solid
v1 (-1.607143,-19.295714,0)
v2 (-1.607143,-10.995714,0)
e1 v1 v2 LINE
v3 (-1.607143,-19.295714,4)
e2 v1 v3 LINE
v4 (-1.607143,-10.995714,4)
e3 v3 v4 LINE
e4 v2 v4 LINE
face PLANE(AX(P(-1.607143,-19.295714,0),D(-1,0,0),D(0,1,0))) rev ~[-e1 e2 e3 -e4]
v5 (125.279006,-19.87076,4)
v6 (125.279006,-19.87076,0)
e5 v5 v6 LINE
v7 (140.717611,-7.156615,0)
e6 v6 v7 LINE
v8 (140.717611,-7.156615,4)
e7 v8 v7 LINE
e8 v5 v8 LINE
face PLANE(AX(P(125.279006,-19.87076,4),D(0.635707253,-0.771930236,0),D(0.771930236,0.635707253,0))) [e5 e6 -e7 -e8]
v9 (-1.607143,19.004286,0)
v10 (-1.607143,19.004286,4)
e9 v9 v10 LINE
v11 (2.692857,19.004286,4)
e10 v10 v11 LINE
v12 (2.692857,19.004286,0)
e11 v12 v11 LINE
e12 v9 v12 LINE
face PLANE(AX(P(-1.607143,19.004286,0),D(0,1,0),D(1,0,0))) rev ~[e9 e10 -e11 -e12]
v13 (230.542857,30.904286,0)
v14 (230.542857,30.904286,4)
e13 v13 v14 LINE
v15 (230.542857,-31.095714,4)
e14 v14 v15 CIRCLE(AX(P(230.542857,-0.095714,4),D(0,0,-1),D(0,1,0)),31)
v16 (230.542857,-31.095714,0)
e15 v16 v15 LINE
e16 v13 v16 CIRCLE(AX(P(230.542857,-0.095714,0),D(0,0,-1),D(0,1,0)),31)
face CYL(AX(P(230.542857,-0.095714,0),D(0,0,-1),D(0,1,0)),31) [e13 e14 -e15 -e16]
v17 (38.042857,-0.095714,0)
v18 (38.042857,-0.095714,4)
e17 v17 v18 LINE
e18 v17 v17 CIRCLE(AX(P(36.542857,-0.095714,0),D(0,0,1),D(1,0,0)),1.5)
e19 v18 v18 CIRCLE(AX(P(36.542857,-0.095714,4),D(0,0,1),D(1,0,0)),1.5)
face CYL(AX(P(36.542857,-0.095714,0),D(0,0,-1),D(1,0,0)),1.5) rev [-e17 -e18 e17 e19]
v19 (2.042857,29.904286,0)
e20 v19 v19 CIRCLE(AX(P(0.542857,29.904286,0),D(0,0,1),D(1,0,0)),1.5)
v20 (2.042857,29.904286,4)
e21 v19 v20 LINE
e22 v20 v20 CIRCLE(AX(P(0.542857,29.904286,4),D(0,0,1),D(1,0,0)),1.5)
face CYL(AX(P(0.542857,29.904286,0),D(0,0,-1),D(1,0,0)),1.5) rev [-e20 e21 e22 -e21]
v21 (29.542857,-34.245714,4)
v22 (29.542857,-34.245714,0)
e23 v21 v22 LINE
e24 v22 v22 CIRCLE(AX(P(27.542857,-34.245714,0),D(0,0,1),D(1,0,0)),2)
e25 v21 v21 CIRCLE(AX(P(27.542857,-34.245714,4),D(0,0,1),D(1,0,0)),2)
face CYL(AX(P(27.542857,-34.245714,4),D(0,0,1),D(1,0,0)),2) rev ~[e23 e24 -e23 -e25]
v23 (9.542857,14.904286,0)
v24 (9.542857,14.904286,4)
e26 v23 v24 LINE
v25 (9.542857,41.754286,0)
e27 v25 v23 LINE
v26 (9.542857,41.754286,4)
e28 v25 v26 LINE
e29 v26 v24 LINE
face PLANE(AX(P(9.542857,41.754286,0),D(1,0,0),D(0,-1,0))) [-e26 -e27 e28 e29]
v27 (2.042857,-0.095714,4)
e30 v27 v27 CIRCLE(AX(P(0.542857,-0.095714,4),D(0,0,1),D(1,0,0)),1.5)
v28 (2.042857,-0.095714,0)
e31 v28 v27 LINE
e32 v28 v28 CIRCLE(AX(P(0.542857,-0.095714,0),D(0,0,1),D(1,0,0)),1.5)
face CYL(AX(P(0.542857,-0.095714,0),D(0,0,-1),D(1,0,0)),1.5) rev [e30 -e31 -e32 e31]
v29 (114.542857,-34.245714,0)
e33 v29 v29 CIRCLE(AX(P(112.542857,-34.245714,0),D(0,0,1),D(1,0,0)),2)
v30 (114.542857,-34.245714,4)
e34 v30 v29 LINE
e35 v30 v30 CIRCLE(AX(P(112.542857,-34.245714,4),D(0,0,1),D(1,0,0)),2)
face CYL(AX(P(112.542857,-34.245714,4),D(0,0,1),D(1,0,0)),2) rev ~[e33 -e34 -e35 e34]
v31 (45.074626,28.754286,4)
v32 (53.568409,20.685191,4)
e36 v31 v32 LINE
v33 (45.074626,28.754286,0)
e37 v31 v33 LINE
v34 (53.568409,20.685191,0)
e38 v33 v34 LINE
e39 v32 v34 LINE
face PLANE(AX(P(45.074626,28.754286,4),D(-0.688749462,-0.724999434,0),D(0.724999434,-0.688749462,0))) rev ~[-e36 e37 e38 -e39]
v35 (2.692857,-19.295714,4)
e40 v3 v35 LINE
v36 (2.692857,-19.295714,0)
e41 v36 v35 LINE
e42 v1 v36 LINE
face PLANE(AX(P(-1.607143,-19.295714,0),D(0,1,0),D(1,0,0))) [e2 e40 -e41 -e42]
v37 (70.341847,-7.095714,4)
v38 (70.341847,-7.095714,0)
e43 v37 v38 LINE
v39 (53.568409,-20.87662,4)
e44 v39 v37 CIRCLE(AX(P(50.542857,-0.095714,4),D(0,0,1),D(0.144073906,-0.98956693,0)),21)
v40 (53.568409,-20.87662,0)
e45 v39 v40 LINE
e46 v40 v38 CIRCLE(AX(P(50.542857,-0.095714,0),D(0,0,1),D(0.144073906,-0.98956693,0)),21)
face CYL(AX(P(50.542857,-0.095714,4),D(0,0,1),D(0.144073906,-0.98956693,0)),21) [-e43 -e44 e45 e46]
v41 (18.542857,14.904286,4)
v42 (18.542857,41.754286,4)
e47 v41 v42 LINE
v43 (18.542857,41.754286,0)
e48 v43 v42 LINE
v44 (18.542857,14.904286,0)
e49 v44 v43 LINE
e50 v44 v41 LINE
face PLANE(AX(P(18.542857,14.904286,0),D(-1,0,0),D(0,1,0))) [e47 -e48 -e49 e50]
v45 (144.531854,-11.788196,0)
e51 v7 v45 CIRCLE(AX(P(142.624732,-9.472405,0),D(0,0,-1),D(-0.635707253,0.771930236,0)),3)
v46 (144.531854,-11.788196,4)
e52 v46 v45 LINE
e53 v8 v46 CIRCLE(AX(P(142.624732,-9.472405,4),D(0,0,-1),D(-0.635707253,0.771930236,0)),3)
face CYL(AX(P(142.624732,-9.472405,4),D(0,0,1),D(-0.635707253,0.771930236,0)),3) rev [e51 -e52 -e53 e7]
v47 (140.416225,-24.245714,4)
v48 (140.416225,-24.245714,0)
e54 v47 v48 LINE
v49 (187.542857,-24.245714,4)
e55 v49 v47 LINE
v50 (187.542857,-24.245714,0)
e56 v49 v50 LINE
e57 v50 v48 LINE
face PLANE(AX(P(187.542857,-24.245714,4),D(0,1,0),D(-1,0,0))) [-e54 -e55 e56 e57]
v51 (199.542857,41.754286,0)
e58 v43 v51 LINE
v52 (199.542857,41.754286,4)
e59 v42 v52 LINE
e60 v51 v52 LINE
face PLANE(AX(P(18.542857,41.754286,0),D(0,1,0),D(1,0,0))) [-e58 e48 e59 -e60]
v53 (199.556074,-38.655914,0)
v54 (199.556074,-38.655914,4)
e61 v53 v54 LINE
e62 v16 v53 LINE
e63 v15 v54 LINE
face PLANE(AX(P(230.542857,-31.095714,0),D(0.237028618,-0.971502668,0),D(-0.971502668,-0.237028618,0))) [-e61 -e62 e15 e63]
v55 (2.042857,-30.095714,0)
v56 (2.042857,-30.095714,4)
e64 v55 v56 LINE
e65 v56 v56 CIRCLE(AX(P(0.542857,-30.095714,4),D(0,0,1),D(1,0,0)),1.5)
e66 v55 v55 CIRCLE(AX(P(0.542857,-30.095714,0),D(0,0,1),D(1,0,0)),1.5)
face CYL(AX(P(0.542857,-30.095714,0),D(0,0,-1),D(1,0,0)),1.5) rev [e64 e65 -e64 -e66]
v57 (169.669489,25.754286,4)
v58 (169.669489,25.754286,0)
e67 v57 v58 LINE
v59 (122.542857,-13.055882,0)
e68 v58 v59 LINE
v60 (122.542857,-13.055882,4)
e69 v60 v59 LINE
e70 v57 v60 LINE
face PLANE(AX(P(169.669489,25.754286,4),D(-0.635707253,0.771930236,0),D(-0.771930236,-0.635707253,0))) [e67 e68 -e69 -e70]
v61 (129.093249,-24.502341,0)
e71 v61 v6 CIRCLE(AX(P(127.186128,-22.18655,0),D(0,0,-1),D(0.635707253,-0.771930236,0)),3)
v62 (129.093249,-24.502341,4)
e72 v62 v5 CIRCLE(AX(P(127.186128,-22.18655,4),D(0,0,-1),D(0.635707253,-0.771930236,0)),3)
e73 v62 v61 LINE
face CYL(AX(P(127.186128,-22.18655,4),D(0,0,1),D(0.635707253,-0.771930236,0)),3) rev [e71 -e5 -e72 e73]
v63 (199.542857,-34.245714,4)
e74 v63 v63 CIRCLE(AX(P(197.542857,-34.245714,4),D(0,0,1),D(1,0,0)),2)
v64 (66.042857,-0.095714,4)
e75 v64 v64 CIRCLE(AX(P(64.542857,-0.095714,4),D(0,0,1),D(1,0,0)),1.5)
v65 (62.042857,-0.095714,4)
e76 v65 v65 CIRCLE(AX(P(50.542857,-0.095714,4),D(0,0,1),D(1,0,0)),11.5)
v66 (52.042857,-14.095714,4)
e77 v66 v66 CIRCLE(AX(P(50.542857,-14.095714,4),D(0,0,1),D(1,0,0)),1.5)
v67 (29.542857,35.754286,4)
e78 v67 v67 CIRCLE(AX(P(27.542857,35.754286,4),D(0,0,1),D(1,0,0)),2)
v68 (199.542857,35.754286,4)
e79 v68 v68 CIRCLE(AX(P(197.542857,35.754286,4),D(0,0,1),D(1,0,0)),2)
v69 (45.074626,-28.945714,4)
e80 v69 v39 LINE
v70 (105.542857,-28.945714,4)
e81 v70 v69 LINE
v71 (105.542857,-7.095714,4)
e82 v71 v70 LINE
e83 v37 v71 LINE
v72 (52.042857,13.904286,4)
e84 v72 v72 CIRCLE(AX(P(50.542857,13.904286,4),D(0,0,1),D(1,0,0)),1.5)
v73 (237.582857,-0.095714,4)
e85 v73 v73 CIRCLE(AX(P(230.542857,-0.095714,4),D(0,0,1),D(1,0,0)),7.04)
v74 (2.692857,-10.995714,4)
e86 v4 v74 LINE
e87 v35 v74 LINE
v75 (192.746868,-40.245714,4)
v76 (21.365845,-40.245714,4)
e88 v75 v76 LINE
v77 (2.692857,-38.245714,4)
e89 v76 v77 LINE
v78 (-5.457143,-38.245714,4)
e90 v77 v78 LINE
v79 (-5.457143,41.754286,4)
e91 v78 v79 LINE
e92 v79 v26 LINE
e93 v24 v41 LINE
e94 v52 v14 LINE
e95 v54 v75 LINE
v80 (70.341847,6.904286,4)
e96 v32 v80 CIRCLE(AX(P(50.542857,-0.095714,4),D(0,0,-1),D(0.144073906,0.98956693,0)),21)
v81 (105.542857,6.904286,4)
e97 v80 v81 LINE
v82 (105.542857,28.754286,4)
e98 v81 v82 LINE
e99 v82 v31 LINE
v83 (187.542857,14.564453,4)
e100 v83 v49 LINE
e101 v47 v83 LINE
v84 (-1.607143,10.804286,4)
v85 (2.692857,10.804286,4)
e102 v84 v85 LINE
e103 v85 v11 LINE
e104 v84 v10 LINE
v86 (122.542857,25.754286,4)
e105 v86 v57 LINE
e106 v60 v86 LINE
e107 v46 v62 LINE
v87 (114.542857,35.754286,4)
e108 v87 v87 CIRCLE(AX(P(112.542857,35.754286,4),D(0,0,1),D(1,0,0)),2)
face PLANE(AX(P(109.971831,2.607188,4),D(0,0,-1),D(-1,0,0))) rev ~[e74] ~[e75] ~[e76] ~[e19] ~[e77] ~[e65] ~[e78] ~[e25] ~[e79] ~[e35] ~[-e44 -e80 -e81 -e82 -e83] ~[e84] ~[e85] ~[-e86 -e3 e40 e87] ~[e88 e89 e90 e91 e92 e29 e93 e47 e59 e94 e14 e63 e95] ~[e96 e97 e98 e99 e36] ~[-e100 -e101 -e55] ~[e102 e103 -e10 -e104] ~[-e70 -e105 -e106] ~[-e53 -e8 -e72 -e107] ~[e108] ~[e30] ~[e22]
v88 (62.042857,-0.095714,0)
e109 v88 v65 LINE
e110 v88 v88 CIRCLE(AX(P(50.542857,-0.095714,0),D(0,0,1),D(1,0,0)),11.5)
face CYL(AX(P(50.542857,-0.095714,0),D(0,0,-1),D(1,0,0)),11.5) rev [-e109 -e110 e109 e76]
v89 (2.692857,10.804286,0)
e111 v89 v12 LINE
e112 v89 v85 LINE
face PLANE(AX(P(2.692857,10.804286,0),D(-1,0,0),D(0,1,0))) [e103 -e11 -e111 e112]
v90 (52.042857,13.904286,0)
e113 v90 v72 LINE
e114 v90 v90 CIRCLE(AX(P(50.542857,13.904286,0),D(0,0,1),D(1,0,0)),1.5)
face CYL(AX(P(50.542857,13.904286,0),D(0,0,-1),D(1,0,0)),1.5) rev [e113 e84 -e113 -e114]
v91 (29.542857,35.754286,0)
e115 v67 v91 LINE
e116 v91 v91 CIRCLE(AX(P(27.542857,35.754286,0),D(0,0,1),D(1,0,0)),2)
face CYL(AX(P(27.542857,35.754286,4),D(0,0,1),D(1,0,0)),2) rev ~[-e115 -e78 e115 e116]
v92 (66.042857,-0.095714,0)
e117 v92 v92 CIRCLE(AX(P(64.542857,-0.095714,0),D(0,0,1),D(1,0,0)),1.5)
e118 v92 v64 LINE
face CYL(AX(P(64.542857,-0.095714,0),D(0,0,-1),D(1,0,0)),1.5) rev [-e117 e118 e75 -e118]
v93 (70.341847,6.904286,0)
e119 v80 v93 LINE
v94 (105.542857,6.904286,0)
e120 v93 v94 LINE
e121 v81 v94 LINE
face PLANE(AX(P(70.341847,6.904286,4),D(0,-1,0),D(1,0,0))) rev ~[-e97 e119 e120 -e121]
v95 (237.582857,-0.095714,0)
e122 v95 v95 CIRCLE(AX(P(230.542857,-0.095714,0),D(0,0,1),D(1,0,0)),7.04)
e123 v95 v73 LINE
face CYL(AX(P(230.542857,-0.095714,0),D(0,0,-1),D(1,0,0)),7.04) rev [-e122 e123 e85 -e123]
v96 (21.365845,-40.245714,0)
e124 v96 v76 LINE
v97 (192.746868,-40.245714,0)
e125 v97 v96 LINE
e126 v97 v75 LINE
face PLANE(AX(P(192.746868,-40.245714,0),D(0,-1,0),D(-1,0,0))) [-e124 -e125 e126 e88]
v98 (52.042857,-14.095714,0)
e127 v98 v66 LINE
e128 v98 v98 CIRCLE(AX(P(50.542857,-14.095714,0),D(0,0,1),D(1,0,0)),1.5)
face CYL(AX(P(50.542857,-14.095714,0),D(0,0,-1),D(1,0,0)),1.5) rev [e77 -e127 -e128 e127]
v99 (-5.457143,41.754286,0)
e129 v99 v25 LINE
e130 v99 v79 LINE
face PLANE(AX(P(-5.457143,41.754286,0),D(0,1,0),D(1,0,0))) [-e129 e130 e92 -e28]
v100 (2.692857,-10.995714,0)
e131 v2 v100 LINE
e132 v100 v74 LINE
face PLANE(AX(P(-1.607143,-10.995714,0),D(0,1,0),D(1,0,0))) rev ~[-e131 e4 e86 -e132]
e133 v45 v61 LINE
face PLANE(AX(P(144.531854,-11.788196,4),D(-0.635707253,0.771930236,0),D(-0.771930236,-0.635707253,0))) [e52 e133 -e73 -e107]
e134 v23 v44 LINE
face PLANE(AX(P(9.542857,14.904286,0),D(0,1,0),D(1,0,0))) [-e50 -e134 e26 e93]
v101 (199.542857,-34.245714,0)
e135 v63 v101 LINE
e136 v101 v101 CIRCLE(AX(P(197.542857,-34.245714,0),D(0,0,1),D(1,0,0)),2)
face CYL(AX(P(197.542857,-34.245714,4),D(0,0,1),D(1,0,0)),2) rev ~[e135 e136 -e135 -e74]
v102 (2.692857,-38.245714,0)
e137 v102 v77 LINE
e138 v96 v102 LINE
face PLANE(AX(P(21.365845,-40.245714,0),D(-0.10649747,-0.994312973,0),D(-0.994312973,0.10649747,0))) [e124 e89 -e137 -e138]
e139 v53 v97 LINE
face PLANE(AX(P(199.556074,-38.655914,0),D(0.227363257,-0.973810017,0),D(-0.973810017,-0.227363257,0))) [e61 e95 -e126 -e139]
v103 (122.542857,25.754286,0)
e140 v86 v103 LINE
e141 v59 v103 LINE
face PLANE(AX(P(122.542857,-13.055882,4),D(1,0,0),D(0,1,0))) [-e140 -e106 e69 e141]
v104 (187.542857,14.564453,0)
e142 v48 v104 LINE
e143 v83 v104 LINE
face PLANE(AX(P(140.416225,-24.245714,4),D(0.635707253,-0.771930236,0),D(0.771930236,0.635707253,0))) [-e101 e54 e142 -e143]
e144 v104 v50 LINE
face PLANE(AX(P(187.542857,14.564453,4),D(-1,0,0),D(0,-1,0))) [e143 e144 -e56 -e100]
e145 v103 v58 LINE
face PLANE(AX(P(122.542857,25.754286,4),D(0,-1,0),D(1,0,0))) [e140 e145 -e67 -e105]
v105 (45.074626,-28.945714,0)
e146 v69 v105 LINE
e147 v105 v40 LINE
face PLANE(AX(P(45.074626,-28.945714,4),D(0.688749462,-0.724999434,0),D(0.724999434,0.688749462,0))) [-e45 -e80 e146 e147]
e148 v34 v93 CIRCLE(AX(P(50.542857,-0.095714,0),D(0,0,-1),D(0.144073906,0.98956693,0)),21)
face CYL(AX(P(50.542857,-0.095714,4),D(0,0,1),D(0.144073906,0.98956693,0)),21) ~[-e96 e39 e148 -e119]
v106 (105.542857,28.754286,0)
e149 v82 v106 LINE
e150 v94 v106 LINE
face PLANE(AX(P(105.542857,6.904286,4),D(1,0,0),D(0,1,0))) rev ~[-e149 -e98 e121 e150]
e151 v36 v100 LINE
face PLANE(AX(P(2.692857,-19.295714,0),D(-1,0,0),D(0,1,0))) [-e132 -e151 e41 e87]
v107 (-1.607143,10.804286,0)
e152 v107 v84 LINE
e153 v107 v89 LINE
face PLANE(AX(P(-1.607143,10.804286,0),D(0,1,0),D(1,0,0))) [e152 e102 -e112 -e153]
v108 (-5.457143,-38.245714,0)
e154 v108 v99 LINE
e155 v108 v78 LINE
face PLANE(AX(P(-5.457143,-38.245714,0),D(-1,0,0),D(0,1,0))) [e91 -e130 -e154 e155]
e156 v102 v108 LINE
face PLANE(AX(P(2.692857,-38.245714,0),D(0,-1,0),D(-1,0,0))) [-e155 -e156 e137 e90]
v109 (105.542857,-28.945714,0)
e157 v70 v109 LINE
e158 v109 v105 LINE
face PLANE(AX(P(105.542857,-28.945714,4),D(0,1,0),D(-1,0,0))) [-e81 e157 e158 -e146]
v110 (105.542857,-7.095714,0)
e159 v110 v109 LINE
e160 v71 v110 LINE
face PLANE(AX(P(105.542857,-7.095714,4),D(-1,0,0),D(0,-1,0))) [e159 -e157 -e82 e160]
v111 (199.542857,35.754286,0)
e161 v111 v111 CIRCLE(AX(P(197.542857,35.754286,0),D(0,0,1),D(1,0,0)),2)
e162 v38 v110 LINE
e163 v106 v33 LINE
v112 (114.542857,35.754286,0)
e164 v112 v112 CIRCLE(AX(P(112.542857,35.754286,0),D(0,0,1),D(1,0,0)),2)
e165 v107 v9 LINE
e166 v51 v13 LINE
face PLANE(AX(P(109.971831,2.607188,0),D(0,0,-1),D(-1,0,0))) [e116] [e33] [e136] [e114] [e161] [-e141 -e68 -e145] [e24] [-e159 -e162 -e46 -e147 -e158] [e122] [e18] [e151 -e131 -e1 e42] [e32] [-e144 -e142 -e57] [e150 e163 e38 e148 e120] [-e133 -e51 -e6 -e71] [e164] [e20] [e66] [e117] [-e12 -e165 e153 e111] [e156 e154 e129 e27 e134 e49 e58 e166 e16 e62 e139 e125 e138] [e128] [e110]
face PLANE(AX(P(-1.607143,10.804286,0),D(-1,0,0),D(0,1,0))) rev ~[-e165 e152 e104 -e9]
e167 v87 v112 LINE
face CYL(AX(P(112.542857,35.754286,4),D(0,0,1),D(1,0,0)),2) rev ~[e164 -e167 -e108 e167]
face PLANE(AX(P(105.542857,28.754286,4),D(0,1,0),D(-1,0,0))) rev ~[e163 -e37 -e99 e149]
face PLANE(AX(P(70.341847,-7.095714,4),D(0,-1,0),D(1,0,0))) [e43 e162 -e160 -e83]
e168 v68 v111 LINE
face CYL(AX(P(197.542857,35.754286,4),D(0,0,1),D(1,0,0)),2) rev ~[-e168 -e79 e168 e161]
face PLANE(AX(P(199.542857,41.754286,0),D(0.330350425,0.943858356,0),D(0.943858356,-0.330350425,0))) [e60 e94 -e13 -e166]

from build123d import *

# Parameters (mm, degrees)
SKETCH_1_R          = 1.5
SKETCH_1_R_2        = 11.5
SKETCH_1_R_3        = 7.04
SKETCH_1_W          = 4.3
SKETCH_1_H          = 8.2
SKETCH_1_H_2        = 8.3
EXTRUDE_1_DEPTH     = 4
SKETCH_2_R          = 2
CUT_EXTRUDE_1_DEPTH = 4


with BuildPart() as part:
    # 草图1 → 凸台-拉伸1 (new body)
    with BuildSketch(Plane.XY):
        with BuildLine():
            Line((-5.457142857, -0.095714286), (-5.457142857, 41.754285714))
            Line((-5.457142857, 41.754285714), (9.542857143, 41.754285714))
            Line((9.542857143, 41.754285714), (9.542857143, 14.904285714))
            Line((9.542857143, 14.904285714), (18.542857143, 14.904285714))
            Line((18.542857143, 14.904285714), (18.542857143, 41.754285714))
            Line((18.542857143, 41.754285714), (199.542857143, 41.754285714))
            Line((199.542857143, 41.754285714), (230.542857143, 30.904285714))
            ThreePointArc((230.542857143, 30.904285714), (261.542857143, -0.095714286), (230.542857143, -31.095714286))
            Line((230.542857143, -31.095714286), (199.556073527, -38.65591431))
            Line((199.556073527, -38.65591431), (192.746868021, -40.245714286))
            Line((192.746868021, -40.245714286), (21.365844759, -40.245714286))
            Line((21.365844759, -40.245714286), (2.692857143, -38.245714286))
            Line((2.692857143, -38.245714286), (-5.457142857, -38.245714286))
            Line((-5.457142857, -38.245714286), (-5.457142857, -0.095714286))
        make_face()
        with Locations((0.542857143, 29.904285714)):
            Circle(SKETCH_1_R, mode=Mode.SUBTRACT)
        with Locations((0.542857143, -0.095714286)):
            Circle(SKETCH_1_R, mode=Mode.SUBTRACT)
        with Locations((0.542857143, -30.095714286)):
            Circle(SKETCH_1_R, mode=Mode.SUBTRACT)
        with Locations((50.542857143, -0.095714286)):
            Circle(SKETCH_1_R_2, mode=Mode.SUBTRACT)
        with Locations((50.542857143, -14.095714286)):
            Circle(SKETCH_1_R, mode=Mode.SUBTRACT)
        with Locations((36.542857143, -0.095714286)):
            Circle(SKETCH_1_R, mode=Mode.SUBTRACT)
        with Locations((50.542857143, 13.904285714)):
            Circle(SKETCH_1_R, mode=Mode.SUBTRACT)
        with Locations((64.542857143, -0.095714286)):
            Circle(SKETCH_1_R, mode=Mode.SUBTRACT)
        with Locations((230.542857143, -0.095714286)):
            Circle(SKETCH_1_R_3, mode=Mode.SUBTRACT)
        with Locations((0.542857143, 14.904285714)):
            Rectangle(SKETCH_1_W, SKETCH_1_H, mode=Mode.SUBTRACT)
        with Locations((0.542857143, -15.145714286)):
            Rectangle(SKETCH_1_W, SKETCH_1_H_2, mode=Mode.SUBTRACT)
    extrude(amount=EXTRUDE_1_DEPTH)

    # 草图2 → 切除-拉伸1 (cut)
    with BuildSketch(Plane.XY.offset(4)):
        with Locations((27.542857143, 35.754285714)):
            Circle(SKETCH_2_R)
        with Locations((112.542857143, 35.754285714)):
            Circle(SKETCH_2_R)
        with Locations((197.542857143, 35.754285714)):
            Circle(SKETCH_2_R)
        with Locations((112.542857143, -34.245714286)):
            Circle(SKETCH_2_R)
        with Locations((197.542857143, -34.245714286)):
            Circle(SKETCH_2_R)
        with Locations((27.542857143, -34.245714286)):
            Circle(SKETCH_2_R)
        Polygon((187.542857143, -24.245714286), (140.41622539, -24.245714286), (187.542857143, 14.56445304), align=None)
        Polygon((122.542857143, 25.754285714), (169.669488896, 25.754285714), (122.542857143, -13.055881612), align=None)
        with BuildLine():
            Line((70.341847016, 6.904285714), (105.542857143, 6.904285714))
            Line((105.542857143, 6.904285714), (105.542857143, 28.754285714))
            Line((105.542857143, 28.754285714), (45.074625519, 28.754285714))
            Line((45.074625519, 28.754285714), (53.568409163, 20.685191252))
            ThreePointArc((53.568409163, 20.685191252), (63.873958655, 16.130244314), (70.341847016, 6.904285714))
        make_face()
        with BuildLine():
            Line((105.542857143, -7.095714286), (105.542857143, -28.945714286))
            Line((105.542857143, -28.945714286), (45.074625519, -28.945714286))
            Line((45.074625519, -28.945714286), (53.568409163, -20.876619824))
            ThreePointArc((53.568409163, -20.876619824), (63.873958655, -16.321672885), (70.341847016, -7.095714286))
            Line((70.341847016, -7.095714286), (105.542857143, -7.095714286))
        make_face()
        with BuildLine():
            Line((125.279005787, -19.870759717), (140.7176105, -7.15661466))
            ThreePointArc((140.7176105, -7.15661466), (144.940522965, -7.565283608), (144.531854017, -11.788196074))
            Line((144.531854017, -11.788196074), (129.093249305, -24.502341131))
            ThreePointArc((129.093249305, -24.502341131), (124.870336839, -24.093672183), (125.279005787, -19.870759717))
        make_face()
    extrude(amount=-CUT_EXTRUDE_1_DEPTH, mode=Mode.SUBTRACT)


solid = part.part
